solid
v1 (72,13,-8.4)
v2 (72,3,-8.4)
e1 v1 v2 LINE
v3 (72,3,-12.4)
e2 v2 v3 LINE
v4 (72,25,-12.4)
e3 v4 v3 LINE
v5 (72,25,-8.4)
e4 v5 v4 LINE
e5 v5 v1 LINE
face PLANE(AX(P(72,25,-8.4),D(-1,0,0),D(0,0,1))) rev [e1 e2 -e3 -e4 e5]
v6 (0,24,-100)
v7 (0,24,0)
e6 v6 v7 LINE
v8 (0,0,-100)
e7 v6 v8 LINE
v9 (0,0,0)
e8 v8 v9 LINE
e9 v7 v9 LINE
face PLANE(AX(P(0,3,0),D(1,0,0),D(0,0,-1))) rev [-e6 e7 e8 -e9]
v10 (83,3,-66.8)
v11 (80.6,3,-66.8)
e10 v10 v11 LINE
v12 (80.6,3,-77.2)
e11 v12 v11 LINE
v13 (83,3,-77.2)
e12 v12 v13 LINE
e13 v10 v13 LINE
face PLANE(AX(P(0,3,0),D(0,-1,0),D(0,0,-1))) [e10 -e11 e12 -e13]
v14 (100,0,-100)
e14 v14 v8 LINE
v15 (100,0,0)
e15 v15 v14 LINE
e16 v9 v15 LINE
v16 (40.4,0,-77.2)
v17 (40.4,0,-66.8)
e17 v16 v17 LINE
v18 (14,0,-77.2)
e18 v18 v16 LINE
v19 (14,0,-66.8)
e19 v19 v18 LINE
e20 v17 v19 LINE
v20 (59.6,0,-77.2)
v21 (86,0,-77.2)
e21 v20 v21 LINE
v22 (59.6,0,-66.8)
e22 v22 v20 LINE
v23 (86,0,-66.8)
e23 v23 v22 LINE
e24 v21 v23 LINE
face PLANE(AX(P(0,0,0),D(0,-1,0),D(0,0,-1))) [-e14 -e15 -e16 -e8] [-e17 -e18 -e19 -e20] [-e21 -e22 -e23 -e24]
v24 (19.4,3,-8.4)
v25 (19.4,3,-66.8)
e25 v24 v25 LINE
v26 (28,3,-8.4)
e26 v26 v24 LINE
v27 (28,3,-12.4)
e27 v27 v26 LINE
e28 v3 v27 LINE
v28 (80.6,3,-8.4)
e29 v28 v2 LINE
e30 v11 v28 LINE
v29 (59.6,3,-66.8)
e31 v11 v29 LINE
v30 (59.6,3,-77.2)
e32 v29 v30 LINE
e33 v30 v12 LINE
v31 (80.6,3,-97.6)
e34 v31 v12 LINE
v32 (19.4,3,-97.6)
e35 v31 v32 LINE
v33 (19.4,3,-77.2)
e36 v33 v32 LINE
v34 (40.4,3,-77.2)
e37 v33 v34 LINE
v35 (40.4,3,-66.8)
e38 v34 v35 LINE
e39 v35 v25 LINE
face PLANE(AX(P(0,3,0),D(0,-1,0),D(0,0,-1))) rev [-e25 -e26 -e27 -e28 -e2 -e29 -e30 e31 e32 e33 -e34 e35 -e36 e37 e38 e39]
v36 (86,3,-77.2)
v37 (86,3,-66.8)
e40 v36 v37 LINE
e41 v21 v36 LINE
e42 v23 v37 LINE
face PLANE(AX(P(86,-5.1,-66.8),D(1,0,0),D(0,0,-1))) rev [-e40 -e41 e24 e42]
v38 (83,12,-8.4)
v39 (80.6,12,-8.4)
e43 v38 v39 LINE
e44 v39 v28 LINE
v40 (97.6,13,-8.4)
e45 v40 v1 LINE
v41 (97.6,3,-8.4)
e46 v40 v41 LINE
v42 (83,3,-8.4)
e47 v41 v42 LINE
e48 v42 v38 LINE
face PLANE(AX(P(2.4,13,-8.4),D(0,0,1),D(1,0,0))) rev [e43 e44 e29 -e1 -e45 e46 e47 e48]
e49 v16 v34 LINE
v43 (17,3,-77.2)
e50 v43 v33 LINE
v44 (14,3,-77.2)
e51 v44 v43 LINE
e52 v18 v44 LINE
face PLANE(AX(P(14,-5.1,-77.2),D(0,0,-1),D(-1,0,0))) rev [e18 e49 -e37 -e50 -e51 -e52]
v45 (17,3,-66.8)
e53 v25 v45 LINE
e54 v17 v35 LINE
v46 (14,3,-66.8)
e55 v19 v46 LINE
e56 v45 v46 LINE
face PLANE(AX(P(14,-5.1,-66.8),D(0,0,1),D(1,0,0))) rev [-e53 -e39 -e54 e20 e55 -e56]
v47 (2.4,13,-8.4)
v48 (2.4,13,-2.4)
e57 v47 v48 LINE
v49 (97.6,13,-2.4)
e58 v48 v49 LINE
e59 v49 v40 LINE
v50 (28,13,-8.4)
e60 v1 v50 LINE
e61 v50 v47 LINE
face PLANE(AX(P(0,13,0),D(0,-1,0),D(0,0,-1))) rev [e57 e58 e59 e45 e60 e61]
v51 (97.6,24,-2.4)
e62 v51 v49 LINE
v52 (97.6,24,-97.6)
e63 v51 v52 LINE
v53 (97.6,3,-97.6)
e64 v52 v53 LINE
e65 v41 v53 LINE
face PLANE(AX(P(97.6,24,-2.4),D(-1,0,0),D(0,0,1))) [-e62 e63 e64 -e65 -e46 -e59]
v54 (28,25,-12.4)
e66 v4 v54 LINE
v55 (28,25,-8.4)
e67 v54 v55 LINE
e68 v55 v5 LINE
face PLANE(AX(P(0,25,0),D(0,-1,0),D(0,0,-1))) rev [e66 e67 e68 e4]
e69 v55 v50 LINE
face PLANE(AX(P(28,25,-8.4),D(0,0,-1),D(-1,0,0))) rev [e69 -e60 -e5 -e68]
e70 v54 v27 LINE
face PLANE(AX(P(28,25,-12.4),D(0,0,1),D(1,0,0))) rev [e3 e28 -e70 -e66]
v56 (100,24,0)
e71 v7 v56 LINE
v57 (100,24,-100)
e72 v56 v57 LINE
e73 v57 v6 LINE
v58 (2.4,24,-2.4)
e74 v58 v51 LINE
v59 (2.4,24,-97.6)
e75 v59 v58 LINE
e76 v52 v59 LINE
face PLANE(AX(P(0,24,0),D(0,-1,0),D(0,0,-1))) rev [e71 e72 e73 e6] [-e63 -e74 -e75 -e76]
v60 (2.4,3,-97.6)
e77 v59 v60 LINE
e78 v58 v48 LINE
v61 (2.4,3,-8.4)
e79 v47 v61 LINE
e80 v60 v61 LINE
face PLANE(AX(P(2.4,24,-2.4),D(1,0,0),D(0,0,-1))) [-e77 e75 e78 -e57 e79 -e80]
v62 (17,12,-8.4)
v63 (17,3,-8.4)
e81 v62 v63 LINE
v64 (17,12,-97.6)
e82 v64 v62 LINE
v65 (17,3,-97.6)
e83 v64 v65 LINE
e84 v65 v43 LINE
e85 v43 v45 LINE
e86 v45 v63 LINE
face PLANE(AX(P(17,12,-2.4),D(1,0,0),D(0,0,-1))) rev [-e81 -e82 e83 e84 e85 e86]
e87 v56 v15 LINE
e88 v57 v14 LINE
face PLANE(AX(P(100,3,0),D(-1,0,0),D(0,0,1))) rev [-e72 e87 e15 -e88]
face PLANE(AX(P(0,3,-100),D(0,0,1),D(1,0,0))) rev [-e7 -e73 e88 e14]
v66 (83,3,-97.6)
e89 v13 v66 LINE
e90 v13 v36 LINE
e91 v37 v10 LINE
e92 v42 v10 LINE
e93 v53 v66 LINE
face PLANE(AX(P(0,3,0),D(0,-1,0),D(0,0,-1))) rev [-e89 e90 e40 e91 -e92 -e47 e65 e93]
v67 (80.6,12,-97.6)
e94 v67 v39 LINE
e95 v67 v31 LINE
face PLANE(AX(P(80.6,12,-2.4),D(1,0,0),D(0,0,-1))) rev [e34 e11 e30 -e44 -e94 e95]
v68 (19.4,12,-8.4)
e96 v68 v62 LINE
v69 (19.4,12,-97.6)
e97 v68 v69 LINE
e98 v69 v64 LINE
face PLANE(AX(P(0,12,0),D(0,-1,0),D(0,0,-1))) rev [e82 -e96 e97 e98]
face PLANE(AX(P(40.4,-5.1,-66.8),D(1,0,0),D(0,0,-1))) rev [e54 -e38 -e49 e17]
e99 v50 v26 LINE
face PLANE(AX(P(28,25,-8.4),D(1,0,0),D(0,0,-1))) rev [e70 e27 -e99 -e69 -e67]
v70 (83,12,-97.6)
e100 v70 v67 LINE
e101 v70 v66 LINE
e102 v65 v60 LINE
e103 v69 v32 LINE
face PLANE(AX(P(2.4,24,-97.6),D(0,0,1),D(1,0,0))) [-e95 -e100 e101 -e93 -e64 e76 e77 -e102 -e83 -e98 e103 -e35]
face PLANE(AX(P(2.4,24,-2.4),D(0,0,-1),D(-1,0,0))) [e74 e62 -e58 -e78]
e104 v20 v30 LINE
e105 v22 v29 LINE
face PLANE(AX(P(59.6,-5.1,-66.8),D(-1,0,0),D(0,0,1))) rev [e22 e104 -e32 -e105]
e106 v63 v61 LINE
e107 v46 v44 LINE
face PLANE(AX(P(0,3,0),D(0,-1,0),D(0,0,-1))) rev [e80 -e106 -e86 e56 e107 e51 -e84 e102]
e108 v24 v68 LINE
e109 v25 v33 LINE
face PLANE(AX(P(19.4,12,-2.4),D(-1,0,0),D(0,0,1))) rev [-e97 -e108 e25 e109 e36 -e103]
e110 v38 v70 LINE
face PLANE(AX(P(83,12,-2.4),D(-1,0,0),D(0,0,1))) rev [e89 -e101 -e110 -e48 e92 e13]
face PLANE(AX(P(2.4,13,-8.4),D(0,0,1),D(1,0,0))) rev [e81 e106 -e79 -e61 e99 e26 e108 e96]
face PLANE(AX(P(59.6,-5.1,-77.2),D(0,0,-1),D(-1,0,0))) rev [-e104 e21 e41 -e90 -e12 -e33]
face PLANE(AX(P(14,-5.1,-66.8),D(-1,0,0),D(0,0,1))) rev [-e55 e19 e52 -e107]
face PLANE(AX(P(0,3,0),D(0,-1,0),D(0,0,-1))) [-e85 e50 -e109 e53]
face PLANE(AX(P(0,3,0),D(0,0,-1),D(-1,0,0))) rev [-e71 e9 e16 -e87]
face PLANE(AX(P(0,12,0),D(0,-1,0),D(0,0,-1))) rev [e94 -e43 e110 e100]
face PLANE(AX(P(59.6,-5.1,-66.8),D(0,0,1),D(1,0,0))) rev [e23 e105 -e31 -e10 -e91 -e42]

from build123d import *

# Parameters (mm, degrees)
CROQUIS1_W              = 100
CROQUIS1_H              = 100
PLACABASE_DEPTH         = 3
CROQUIS2_W              = 100
CROQUIS2_H              = 100
CROQUIS2_W_2            = 95.2
CROQUIS2_H_2            = 95.2
PAREDES_DEPTH           = 21
CROQUIS4_W              = 26.4
CROQUIS4_H              = 10.4
ALOJAMIENTOSMOTOR_DEPTH = 12.4
CROQUIS6_W              = 2.4
CROQUIS6_H              = 95.2
NERVIOSRIGIDEZ_DEPTH    = 9
CROQUIS7_W              = 95.2
CROQUIS7_H              = 6
BLOQUECUNA_DEPTH        = 10
CROQUIS8_W              = 44
CROQUIS8_H              = 4
TORRESENSORES_DEPTH     = 22


with BuildPart() as part:
    # Croquis1 → PlacaBase (new body)
    with BuildSketch(Plane(origin=(0, 0, 0), x_dir=(1, 0, 0), z_dir=(0, 1, 0))):
        with Locations((50, 50)):
            Rectangle(CROQUIS1_W, CROQUIS1_H)
    extrude(amount=PLACABASE_DEPTH)

    # Croquis2 → Paredes (add)
    with BuildSketch(Plane(origin=(0, 3, 0), x_dir=(1, 0, 0), z_dir=(0, 1, 0))):
        with Locations((50, 50)):
            Rectangle(CROQUIS2_W, CROQUIS2_H)
        with Locations((50, 50)):
            Rectangle(CROQUIS2_W_2, CROQUIS2_H_2, mode=Mode.SUBTRACT)
    extrude(amount=PAREDES_DEPTH)

    # Croquis4 → AlojamientosMotor (cut)
    with BuildSketch(Plane(origin=(0, 7.3, 0), x_dir=(1, 0, 0), z_dir=(0, 1, 0))):
        with Locations((27.2, 72)):
            Rectangle(CROQUIS4_W, CROQUIS4_H)
        with Locations((72.8, 72)):
            Rectangle(CROQUIS4_W, CROQUIS4_H)
    extrude(amount=-ALOJAMIENTOSMOTOR_DEPTH, mode=Mode.SUBTRACT)

    # Croquis6 → NerviosRigidez (add)
    with BuildSketch(Plane(origin=(0, 3, 0), x_dir=(1, 0, 0), z_dir=(0, 1, 0))):
        with Locations((18.2, 50)):
            Rectangle(CROQUIS6_W, CROQUIS6_H)
        with Locations((81.8, 50)):
            Rectangle(CROQUIS6_W, CROQUIS6_H)
    extrude(amount=NERVIOSRIGIDEZ_DEPTH)

    # Croquis7 → BloqueCuna (add)
    with BuildSketch(Plane(origin=(0, 3, 0), x_dir=(1, 0, 0), z_dir=(0, 1, 0))):
        with Locations((50, 5.4)):
            Rectangle(CROQUIS7_W, CROQUIS7_H)
    extrude(amount=BLOQUECUNA_DEPTH)

    # Croquis8 → TorreSensores (add)
    with BuildSketch(Plane(origin=(0, 3, 0), x_dir=(1, 0, 0), z_dir=(0, 1, 0))):
        with Locations((50, 10.4)):
            Rectangle(CROQUIS8_W, CROQUIS8_H)
    extrude(amount=TORRESENSORES_DEPTH)


solid = part.part
